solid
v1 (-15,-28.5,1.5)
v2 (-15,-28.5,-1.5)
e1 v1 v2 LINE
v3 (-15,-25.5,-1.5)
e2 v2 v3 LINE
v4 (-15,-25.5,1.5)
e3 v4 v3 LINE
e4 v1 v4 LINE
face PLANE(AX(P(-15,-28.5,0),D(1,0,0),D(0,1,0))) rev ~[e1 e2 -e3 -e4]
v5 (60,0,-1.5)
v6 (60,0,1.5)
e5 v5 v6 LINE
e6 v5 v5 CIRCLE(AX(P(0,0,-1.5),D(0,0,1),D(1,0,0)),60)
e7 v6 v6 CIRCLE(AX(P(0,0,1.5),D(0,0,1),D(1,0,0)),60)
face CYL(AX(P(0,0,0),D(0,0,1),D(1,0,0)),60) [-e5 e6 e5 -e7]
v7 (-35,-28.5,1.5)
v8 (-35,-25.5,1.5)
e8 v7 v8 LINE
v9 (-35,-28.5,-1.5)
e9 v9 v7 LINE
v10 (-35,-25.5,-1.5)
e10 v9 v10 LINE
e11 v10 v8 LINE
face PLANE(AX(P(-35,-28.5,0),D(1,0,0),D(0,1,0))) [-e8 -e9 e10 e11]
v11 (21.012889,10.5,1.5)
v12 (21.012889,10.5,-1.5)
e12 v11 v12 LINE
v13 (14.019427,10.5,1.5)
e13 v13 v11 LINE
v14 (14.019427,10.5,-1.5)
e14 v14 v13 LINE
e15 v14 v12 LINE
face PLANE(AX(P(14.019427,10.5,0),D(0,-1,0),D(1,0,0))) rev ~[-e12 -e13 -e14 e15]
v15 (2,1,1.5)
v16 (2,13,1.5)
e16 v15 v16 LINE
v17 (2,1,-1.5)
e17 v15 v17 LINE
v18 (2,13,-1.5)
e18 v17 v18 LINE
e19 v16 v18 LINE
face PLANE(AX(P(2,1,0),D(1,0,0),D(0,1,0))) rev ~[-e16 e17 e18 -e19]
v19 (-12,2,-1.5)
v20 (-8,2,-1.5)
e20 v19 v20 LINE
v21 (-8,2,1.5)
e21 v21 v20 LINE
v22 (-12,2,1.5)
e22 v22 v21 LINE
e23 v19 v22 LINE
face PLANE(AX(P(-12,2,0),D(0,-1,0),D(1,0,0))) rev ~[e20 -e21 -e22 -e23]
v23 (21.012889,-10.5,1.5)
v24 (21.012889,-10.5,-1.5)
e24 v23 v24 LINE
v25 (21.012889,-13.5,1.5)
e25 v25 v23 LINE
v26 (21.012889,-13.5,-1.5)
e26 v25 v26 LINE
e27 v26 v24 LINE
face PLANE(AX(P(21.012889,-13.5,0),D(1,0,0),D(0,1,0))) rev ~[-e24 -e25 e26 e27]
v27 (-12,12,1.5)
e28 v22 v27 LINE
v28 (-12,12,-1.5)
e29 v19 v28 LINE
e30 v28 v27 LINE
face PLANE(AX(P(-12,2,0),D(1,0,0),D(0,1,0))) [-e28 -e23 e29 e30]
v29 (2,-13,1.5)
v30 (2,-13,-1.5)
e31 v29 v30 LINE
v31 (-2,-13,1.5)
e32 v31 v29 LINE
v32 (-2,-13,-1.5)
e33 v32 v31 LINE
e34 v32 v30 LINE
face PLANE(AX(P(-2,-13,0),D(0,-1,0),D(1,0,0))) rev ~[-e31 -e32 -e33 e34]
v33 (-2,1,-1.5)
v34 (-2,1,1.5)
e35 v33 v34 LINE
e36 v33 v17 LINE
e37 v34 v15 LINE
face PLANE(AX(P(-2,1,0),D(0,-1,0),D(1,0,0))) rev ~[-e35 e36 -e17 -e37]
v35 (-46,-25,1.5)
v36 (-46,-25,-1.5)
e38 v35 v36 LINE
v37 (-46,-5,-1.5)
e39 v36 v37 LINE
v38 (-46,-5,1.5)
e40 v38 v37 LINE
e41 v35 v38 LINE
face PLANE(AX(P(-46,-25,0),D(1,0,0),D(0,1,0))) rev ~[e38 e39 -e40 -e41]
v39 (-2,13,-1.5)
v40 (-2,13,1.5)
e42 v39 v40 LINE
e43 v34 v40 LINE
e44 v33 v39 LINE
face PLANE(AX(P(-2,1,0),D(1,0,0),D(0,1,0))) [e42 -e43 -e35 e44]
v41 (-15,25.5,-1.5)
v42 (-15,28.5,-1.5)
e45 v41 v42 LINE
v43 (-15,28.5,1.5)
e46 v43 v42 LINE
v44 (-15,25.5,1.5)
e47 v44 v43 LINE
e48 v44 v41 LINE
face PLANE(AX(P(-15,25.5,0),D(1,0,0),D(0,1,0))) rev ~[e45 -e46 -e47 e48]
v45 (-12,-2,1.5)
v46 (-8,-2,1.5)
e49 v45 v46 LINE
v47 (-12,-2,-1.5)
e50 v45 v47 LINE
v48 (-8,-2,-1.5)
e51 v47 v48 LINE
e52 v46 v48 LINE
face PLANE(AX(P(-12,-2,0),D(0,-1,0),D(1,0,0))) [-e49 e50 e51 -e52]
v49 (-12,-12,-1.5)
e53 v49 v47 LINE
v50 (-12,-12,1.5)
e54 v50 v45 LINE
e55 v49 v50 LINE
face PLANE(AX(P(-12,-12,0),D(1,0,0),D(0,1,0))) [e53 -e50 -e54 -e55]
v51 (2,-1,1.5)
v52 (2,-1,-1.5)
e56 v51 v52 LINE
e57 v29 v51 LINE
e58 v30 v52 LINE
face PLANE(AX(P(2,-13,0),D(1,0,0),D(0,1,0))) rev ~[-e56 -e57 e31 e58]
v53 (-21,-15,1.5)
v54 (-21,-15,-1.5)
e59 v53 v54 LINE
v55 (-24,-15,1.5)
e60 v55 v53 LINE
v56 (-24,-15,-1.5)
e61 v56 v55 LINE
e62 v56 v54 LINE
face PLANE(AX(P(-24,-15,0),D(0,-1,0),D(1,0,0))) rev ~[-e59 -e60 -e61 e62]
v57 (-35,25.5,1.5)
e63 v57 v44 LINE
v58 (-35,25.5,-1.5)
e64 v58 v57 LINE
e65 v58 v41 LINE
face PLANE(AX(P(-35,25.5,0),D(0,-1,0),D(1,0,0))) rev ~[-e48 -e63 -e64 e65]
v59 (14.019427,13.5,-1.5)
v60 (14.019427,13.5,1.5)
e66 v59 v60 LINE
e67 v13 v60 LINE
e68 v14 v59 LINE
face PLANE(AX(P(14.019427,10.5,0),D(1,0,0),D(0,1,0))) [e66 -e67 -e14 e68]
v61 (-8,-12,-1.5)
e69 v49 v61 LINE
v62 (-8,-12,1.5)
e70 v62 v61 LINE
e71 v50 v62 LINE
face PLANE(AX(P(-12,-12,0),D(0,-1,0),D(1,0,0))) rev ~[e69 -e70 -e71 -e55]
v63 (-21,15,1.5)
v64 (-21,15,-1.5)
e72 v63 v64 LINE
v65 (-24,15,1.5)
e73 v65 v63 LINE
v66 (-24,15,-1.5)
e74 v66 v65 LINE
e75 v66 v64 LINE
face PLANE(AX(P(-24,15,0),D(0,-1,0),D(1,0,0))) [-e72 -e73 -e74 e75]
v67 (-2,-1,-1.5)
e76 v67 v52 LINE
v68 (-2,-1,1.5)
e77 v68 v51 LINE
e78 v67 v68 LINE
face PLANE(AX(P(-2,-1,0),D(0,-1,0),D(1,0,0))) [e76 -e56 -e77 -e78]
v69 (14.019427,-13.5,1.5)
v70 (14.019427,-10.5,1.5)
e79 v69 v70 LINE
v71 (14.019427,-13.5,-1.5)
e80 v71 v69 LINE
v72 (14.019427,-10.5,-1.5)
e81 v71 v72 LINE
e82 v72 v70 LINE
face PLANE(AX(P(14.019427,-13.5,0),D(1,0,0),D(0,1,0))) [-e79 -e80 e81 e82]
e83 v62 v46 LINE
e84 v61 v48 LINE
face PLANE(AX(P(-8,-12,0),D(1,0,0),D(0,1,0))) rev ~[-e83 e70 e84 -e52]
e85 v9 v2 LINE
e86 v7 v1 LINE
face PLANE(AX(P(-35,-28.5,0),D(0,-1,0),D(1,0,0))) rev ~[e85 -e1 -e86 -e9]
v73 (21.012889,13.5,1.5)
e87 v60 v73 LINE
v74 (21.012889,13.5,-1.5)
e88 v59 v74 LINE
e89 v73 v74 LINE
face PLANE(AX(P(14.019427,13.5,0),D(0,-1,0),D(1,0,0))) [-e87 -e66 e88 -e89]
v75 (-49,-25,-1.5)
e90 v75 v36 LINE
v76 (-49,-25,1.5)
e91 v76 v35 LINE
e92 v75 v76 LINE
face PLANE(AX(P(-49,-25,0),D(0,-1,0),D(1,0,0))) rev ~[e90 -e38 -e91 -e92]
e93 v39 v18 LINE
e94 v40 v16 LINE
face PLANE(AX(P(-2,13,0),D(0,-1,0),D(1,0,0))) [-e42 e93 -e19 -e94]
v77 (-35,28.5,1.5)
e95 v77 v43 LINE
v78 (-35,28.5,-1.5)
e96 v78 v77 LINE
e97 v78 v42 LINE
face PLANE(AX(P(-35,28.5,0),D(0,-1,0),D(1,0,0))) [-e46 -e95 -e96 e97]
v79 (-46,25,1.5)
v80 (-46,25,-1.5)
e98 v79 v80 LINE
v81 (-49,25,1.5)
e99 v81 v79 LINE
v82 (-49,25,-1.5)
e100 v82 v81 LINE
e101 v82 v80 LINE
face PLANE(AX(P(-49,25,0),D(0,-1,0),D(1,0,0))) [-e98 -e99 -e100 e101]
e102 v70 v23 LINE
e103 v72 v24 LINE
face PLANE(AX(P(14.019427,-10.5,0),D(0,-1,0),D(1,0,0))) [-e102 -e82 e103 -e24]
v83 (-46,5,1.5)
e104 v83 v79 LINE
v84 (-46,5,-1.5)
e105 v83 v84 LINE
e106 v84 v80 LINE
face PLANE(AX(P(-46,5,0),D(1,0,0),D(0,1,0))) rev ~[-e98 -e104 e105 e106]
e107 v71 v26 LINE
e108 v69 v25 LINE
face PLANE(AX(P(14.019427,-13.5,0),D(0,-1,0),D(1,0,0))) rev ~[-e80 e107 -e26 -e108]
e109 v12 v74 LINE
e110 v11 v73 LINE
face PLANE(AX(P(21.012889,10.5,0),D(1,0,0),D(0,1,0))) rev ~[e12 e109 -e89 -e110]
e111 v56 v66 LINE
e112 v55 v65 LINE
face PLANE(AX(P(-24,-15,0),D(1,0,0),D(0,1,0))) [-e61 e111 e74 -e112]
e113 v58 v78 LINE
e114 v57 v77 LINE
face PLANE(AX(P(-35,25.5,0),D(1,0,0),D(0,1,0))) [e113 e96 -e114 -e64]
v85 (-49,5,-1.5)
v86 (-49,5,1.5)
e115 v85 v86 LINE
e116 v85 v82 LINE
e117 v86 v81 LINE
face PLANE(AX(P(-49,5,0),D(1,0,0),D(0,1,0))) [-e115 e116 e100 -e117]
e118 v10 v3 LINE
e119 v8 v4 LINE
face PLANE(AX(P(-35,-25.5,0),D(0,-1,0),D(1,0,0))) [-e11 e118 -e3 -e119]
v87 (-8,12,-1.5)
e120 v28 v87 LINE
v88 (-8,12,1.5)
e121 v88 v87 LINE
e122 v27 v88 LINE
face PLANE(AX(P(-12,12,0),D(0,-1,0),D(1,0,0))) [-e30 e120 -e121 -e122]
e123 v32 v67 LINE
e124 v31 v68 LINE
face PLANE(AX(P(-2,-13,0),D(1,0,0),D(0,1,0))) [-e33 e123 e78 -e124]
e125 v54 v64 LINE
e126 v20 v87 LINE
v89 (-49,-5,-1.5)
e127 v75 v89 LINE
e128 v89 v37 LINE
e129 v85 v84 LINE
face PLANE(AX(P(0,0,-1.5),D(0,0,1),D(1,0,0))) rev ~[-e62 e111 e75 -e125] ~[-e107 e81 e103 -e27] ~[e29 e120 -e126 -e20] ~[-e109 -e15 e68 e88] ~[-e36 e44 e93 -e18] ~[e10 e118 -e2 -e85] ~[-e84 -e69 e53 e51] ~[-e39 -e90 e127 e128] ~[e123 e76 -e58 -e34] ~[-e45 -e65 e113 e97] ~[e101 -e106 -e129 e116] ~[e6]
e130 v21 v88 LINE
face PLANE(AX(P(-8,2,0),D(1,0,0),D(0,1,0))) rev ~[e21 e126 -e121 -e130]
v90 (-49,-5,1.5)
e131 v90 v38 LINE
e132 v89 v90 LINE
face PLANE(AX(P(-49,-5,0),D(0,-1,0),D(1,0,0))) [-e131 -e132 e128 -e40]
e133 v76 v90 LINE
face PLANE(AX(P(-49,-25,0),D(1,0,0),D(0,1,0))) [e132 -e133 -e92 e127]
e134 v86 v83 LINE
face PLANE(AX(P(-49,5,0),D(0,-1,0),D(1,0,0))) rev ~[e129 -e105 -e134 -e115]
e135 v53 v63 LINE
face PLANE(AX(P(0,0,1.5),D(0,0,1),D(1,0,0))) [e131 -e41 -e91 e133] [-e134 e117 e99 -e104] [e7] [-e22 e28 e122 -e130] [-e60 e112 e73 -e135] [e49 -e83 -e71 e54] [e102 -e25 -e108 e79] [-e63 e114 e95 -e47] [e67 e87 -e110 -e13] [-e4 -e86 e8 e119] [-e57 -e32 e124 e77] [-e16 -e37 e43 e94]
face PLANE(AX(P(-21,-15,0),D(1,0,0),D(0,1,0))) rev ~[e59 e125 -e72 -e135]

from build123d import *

# Parameters (mm, degrees)
SKETCH1_R           = 60
SKETCH1_W           = 20
SKETCH1_H           = 3
SKETCH1_W_2         = 3
SKETCH1_H_2         = 20
SKETCH1_H_3         = 30
SKETCH1_W_3         = 6.993462014
SKETCH1_W_4         = 4
SKETCH1_H_4         = 12
SKETCH1_H_5         = 10
BOSS_EXTRUDE1_DEPTH = 1.5


with BuildPart() as part:
    # Sketch1 → Boss-Extrude1 (new body, symmetric)
    with BuildSketch(Plane.XY):
        Circle(SKETCH1_R)
        with Locations((-25, -27)):
            Rectangle(SKETCH1_W, SKETCH1_H, mode=Mode.SUBTRACT)
        with Locations((-47.5, 15)):
            Rectangle(SKETCH1_W_2, SKETCH1_H_2, mode=Mode.SUBTRACT)
        with Locations((-47.5, -15)):
            Rectangle(SKETCH1_W_2, SKETCH1_H_2, mode=Mode.SUBTRACT)
        with Locations((-22.5, 0)):
            Rectangle(SKETCH1_W_2, SKETCH1_H_3, mode=Mode.SUBTRACT)
        with Locations((-25, 27)):
            Rectangle(SKETCH1_W, SKETCH1_H, mode=Mode.SUBTRACT)
        with Locations((17.516157806, -12)):
            Rectangle(SKETCH1_W_3, SKETCH1_H, mode=Mode.SUBTRACT)
        with Locations((17.516157806, 12)):
            Rectangle(SKETCH1_W_3, SKETCH1_H, mode=Mode.SUBTRACT)
        with Locations((0, 7)):
            Rectangle(SKETCH1_W_4, SKETCH1_H_4, mode=Mode.SUBTRACT)
        with Locations((0, -7)):
            Rectangle(SKETCH1_W_4, SKETCH1_H_4, mode=Mode.SUBTRACT)
        with Locations((-10, 7)):
            Rectangle(SKETCH1_W_4, SKETCH1_H_5, mode=Mode.SUBTRACT)
        with Locations((-10, -7)):
            Rectangle(SKETCH1_W_4, SKETCH1_H_5, mode=Mode.SUBTRACT)
    extrude(amount=BOSS_EXTRUDE1_DEPTH, both=True)


solid = part.part
